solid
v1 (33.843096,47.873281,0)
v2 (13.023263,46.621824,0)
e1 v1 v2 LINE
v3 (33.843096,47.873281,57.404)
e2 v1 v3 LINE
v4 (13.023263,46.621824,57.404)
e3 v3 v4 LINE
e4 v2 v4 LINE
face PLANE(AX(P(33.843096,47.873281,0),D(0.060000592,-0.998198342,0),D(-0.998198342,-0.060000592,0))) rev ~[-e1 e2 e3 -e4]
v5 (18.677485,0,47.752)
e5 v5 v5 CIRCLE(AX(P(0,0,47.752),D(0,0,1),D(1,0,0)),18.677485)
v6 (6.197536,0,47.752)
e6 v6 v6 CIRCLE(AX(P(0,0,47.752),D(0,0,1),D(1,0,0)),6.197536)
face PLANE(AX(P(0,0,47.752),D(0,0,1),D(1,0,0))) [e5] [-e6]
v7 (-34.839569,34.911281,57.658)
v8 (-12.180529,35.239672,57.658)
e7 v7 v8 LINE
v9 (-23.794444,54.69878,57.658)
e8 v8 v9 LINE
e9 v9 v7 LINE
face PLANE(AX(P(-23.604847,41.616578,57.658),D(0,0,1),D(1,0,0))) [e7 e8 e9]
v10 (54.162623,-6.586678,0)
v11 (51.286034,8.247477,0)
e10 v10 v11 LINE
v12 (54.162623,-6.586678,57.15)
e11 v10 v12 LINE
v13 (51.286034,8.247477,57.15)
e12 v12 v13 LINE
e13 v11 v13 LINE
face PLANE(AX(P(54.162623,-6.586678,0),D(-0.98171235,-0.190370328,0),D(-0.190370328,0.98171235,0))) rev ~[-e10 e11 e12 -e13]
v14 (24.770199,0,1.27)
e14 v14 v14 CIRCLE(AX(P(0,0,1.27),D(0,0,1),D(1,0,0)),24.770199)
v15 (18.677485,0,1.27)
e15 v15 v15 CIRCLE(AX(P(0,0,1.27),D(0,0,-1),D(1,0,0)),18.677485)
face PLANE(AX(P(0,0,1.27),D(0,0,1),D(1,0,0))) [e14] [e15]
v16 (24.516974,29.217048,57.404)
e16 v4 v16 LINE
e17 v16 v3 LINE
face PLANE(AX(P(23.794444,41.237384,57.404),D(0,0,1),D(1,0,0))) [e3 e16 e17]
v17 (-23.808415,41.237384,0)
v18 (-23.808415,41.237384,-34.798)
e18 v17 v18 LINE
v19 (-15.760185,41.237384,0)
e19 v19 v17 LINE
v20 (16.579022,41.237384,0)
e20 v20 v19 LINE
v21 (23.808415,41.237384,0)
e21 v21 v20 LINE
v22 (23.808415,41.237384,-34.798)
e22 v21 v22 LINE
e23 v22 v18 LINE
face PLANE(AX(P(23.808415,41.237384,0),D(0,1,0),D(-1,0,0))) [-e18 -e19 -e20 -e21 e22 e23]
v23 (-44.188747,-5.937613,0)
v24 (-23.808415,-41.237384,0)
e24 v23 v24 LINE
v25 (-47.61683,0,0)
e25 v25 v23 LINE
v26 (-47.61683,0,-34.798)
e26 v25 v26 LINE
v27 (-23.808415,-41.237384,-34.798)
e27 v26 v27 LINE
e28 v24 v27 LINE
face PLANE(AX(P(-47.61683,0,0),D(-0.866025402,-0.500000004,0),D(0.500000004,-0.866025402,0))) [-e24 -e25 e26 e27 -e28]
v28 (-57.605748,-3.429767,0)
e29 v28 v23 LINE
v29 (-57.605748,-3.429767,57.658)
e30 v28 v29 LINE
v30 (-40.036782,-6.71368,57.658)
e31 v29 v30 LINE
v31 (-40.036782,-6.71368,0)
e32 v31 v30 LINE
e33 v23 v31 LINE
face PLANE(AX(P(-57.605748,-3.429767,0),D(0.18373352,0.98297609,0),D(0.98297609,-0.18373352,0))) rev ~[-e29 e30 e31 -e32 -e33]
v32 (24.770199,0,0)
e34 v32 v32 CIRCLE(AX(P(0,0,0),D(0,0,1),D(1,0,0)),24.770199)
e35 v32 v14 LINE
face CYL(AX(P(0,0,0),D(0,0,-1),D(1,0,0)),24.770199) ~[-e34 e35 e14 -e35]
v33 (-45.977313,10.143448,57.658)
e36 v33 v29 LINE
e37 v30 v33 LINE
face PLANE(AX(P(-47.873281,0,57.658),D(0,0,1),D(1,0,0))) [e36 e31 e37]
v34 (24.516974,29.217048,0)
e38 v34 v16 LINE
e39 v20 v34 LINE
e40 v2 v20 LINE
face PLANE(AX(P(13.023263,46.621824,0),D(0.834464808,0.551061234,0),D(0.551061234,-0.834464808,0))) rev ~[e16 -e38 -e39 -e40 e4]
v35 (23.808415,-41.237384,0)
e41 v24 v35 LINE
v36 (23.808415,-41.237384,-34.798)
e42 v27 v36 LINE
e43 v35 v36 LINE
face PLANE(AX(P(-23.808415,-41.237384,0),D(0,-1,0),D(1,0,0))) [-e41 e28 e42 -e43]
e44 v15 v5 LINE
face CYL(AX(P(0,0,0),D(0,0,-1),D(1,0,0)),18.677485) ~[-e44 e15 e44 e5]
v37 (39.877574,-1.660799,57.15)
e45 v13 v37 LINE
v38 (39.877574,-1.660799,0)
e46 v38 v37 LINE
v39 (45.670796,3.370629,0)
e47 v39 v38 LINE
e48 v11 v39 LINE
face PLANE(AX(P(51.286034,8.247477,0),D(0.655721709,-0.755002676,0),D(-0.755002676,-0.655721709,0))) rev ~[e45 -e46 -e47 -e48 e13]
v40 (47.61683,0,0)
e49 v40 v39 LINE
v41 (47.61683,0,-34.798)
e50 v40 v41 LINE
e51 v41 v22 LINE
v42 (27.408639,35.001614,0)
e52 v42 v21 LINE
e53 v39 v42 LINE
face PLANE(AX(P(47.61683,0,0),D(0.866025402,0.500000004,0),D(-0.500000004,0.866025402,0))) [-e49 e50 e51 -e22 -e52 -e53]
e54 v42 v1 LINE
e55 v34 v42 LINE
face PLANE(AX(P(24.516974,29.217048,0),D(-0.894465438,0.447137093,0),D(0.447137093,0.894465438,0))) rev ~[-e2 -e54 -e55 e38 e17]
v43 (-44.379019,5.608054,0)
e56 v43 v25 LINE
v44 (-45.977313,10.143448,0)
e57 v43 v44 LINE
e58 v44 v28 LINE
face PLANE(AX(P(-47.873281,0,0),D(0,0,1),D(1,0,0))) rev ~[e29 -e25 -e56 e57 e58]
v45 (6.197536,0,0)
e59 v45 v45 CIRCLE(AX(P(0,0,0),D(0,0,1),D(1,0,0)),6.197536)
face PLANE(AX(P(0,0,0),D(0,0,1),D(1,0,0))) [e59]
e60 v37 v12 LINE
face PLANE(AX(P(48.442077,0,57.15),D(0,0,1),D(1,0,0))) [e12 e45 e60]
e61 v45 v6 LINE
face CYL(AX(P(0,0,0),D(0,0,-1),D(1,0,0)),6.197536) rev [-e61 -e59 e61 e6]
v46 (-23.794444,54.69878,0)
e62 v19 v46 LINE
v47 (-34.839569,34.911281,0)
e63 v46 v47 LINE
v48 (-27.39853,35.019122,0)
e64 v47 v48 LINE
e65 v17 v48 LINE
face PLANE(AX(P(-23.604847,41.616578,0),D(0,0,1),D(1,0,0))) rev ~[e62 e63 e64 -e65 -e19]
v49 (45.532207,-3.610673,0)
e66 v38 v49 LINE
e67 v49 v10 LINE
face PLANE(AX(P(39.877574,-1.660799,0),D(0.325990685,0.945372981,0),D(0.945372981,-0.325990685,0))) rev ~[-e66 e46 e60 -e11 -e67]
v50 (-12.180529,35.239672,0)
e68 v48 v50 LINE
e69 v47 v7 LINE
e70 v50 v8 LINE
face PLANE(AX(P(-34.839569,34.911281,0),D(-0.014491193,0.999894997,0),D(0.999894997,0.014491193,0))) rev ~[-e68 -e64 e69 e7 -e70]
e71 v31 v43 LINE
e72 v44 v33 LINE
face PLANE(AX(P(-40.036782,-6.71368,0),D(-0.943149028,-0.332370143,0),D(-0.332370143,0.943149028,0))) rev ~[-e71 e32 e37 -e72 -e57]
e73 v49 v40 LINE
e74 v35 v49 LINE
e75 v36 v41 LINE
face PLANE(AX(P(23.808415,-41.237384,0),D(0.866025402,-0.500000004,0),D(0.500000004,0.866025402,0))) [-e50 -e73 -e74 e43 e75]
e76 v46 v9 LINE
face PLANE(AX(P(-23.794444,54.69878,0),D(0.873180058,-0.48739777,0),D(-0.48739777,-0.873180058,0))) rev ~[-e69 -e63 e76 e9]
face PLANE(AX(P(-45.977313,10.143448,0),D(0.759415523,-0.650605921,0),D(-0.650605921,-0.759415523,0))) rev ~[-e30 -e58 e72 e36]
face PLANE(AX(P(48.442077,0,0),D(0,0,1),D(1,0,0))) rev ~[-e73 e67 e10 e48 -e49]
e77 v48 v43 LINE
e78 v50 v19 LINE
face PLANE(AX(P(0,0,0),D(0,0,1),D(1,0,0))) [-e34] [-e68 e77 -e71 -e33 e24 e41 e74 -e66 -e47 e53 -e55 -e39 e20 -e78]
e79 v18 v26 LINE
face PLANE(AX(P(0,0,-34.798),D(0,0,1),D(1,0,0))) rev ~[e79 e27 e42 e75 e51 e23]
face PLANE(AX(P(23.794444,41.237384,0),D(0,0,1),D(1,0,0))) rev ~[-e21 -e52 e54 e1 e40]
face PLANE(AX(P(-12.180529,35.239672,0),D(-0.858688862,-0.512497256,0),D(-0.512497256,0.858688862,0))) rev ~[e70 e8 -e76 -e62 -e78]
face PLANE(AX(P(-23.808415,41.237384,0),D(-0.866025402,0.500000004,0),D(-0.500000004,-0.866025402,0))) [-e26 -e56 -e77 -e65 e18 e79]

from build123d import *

# Parameters (mm, degrees)
F0_R      = 18.677485
F0_R_2    = 6.197536
F1_DEPTH  = 47.752
F3_DEPTH  = 34.798
F4_R      = 24.770199
F4_R_2    = 12.651261
F5_DEPTH  = 1.27
F7_DEPTH  = 57.658
F9_DEPTH  = 57.404
F11_DEPTH = 57.658
F13_DEPTH = 57.15


with BuildPart() as f1:
    # F0 (on Top) → F1 (new body)
    with BuildSketch(Plane.XY):
        Circle(F0_R)
        Circle(F0_R_2, mode=Mode.SUBTRACT)
    extrude(amount=F1_DEPTH)

    # F2 (on Top) → F3 (join)
    with BuildSketch(Plane.XY):
        Polygon((23.808415, 41.237384), (-23.808415, 41.237384), (-47.61683, 0), (-23.808415, -41.237384), (23.808415, -41.237384), (47.61683, 0), align=None)
    extrude(amount=-F3_DEPTH)

    # F4 (on Top) → F5 (join)
    with BuildSketch(Plane.XY):
        Circle(F4_R)
        Circle(F4_R_2, mode=Mode.SUBTRACT)
    extrude(amount=F5_DEPTH)

    # F6 (on Top) → F7 (join)
    with BuildSketch(Plane.XY):
        Polygon((-12.180529, 35.239672), (-23.794444, 54.69878), (-34.839569, 34.911281), align=None)
    extrude(amount=F7_DEPTH)

    # F8 (on Top) → F9 (join)
    with BuildSketch(Plane.XY):
        Polygon((24.516974, 29.217048), (33.843096, 47.873281), (13.023263, 46.621824), align=None)
    extrude(amount=F9_DEPTH)

    # F10 (on Top) → F11 (join)
    with BuildSketch(Plane.XY):
        Polygon((-40.036782, -6.71368), (-45.977313, 10.143448), (-57.605748, -3.429767), align=None)
    extrude(amount=F11_DEPTH)

    # F12 (on Top) → F13 (join)
    with BuildSketch(Plane.XY):
        Polygon((54.162623, -6.586678), (51.286034, 8.247477), (39.877574, -1.660799), align=None)
    extrude(amount=F13_DEPTH)


solid = f1.part
